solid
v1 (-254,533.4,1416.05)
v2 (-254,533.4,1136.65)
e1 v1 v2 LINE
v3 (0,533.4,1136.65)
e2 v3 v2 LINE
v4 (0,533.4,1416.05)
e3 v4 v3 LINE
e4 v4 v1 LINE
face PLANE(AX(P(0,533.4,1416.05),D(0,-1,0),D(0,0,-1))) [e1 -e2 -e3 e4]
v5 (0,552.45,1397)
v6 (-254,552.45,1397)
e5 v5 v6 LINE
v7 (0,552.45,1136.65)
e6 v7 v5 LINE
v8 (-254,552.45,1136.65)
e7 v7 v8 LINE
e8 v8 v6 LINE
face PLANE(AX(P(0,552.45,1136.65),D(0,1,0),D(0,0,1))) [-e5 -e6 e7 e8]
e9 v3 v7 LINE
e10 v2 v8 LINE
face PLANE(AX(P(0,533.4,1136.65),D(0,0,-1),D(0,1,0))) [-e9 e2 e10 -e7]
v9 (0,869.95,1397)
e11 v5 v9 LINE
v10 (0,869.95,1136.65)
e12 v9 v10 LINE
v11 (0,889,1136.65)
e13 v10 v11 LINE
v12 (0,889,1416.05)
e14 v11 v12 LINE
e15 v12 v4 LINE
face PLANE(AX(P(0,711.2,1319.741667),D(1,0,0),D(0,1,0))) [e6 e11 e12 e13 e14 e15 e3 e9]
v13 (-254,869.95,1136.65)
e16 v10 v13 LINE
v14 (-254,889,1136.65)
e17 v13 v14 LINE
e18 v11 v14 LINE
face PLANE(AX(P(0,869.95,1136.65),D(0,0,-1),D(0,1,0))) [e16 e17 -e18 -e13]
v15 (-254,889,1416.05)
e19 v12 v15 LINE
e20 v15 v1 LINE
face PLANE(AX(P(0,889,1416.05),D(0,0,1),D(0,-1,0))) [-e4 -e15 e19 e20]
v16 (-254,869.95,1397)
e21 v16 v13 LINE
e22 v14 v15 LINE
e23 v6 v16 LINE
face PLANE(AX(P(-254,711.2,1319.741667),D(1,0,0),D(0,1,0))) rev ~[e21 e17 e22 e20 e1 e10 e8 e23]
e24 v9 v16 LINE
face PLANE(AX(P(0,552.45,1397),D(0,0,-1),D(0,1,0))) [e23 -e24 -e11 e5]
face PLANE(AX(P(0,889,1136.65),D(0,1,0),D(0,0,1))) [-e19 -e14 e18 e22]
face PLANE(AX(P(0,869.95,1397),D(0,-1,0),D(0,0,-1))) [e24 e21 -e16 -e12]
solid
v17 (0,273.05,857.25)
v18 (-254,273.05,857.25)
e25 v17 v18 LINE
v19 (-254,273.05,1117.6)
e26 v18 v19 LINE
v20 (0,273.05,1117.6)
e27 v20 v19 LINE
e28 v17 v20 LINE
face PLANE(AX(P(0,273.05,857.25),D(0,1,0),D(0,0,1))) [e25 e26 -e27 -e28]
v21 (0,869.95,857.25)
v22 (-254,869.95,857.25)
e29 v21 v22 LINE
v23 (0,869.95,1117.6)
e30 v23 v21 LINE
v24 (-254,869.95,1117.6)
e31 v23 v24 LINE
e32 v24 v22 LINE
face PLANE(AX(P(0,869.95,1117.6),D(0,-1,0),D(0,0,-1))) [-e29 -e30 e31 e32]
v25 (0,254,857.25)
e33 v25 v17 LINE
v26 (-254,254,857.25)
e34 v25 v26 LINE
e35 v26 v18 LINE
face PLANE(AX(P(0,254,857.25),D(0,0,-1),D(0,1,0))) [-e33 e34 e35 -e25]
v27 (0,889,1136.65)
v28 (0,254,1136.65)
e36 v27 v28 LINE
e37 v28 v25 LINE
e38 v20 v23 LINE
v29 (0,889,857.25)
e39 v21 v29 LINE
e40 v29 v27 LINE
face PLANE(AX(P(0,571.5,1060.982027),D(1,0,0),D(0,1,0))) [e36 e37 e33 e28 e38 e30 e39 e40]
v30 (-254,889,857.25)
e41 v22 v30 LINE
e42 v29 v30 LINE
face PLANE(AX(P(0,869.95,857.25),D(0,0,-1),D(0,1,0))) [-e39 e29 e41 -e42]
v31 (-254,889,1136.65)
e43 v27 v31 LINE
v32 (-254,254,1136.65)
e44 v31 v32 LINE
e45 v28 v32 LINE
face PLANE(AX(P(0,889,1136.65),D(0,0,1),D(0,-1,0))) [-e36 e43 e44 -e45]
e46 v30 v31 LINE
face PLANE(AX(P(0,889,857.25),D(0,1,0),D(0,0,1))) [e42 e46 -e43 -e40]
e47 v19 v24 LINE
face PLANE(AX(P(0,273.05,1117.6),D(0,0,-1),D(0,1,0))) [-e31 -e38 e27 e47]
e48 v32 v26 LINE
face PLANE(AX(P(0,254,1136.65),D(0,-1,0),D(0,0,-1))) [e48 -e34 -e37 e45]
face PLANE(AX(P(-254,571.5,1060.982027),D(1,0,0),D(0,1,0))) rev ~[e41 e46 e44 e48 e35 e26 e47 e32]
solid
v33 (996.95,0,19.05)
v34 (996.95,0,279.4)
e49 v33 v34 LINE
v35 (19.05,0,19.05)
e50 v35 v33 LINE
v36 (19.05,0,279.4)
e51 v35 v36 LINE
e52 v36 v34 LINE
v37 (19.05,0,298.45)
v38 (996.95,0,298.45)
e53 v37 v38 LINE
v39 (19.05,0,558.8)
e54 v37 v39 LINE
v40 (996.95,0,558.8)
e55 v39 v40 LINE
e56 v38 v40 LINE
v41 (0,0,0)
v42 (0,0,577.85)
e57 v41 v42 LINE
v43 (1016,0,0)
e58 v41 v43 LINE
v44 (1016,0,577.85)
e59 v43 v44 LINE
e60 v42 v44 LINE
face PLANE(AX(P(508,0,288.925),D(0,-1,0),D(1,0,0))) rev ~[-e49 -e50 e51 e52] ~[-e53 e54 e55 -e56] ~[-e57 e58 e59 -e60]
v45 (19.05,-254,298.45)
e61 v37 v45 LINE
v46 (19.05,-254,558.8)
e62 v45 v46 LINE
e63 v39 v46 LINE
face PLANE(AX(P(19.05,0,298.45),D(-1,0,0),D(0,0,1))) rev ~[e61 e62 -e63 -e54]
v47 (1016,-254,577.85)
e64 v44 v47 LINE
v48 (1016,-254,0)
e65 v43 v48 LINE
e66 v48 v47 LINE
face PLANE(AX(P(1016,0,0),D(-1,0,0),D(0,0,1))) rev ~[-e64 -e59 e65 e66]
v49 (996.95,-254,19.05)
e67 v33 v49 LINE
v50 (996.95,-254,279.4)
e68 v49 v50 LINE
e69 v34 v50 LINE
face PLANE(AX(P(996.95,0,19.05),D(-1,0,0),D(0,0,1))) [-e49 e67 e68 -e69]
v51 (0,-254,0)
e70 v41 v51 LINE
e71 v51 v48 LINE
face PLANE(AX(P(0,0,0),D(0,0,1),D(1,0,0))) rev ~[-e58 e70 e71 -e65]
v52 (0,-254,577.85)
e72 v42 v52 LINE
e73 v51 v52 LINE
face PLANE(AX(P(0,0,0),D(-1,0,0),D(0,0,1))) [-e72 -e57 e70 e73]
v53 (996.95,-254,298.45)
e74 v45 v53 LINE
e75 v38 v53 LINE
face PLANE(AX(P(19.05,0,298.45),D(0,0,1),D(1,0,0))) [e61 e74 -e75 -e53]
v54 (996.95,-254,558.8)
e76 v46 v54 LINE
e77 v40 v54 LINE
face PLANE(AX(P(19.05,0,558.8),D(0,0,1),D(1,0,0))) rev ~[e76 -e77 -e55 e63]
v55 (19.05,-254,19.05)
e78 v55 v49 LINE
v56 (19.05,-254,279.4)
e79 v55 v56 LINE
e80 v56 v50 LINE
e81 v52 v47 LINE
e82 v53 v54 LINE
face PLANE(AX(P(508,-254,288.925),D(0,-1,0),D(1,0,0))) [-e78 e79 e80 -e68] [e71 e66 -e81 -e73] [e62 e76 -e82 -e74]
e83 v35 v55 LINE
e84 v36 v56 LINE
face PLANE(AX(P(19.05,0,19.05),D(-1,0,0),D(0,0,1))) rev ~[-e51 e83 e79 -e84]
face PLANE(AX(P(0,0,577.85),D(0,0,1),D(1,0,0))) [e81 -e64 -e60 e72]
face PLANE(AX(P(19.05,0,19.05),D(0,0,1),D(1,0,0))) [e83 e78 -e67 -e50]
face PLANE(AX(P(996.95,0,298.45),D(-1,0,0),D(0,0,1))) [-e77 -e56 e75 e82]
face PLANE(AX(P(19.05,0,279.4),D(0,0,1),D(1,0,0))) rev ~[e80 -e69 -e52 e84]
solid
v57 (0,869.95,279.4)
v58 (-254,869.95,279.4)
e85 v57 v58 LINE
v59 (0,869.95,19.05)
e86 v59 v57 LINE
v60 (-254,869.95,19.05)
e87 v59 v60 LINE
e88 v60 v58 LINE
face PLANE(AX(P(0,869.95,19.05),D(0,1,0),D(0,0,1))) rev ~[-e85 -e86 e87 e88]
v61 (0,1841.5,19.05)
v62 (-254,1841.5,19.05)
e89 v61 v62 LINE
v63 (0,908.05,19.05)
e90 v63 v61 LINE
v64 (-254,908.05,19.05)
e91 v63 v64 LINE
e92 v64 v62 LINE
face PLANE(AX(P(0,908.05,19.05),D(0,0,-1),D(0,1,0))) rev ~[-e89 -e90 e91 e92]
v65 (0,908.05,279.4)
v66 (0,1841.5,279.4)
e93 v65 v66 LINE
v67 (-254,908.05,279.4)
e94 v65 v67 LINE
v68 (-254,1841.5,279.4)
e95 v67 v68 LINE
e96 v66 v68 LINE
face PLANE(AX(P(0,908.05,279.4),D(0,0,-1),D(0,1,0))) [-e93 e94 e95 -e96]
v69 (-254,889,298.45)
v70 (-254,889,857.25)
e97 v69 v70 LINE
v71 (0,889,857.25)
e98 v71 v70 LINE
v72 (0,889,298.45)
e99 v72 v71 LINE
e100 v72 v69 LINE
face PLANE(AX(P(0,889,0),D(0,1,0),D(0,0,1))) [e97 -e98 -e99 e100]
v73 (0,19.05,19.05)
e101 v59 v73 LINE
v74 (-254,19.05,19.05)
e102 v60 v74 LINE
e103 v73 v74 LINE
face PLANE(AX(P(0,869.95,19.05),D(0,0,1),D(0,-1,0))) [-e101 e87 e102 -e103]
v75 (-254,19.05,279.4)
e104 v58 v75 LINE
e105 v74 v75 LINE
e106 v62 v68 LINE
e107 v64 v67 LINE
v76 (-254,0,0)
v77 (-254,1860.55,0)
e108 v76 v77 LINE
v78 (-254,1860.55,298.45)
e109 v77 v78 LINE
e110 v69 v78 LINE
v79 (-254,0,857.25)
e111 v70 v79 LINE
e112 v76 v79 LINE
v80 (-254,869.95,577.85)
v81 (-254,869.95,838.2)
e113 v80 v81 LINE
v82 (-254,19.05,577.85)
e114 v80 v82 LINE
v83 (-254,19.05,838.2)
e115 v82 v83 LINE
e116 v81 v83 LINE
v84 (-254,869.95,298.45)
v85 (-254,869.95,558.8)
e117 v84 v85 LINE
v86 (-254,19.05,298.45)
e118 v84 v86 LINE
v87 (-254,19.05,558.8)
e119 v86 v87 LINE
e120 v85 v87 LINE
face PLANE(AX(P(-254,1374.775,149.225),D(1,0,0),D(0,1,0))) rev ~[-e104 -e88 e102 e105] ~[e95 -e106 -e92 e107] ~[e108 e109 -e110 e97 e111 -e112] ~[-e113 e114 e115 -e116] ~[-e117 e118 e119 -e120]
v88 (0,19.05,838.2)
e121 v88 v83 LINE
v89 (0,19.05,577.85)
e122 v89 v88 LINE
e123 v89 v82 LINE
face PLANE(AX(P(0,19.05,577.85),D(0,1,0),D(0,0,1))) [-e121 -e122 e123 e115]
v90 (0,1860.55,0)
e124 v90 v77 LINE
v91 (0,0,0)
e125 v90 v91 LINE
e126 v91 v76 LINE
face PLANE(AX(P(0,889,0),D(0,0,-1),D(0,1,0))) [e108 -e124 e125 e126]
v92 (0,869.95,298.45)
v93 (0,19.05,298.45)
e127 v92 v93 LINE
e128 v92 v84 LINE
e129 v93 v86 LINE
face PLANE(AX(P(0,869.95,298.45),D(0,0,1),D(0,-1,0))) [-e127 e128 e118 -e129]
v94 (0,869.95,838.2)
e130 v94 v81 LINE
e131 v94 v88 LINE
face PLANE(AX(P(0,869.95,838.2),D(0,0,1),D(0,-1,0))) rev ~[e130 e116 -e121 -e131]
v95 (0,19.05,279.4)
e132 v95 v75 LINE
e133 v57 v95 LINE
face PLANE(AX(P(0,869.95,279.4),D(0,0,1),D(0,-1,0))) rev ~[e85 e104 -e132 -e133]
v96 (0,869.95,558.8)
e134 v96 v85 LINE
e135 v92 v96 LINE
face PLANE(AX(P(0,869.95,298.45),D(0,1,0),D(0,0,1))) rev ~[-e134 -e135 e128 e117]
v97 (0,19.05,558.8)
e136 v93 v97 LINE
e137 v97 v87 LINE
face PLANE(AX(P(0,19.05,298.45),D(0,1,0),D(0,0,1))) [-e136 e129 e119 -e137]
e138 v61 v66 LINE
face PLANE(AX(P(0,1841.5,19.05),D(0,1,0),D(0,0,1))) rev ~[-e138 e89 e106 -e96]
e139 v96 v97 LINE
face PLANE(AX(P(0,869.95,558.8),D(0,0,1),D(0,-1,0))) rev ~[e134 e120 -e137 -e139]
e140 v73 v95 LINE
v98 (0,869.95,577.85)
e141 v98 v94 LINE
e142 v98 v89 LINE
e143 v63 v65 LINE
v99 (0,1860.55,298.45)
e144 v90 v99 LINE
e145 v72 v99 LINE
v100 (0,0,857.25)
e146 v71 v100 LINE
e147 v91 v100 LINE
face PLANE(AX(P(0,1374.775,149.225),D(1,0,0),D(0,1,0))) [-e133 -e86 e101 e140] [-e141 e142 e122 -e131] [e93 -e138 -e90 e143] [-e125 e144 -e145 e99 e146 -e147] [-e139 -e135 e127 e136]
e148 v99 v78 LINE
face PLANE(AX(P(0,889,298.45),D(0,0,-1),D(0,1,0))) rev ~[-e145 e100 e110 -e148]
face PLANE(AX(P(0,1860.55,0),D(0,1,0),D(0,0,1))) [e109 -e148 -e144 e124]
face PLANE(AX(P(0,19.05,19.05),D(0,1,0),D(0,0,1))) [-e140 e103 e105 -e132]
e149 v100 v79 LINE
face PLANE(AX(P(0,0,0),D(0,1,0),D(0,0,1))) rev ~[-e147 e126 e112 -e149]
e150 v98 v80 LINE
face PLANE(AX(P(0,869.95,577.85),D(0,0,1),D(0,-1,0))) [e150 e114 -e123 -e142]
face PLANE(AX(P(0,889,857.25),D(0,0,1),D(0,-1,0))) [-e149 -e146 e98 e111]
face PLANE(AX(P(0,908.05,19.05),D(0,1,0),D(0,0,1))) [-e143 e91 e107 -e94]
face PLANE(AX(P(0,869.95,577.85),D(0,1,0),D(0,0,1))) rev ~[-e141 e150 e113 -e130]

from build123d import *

# Parameters (mm, degrees)
F0_W      = 1016
F0_H      = 577.85
F0_W_2    = 977.9
F0_H_2    = 260.35
F1_DEPTH  = 254
F2_W      = 889
F2_H      = 857.25
F2_W_2    = 850.9
F2_H_2    = 260.35
F3_DEPTH  = 254
F6_DEPTH  = 254
F8_DEPTH  = 254
F9_W      = 971.55
F9_H      = 298.45
F9_W_2    = 933.45
F9_H_2    = 260.35
F10_DEPTH = 254


with BuildPart() as f1:
    # F0 (on Front) → F1 (new body)
    with BuildSketch(Plane.XZ):
        with Locations((508, 288.925)):
            Rectangle(F0_W, F0_H)
        with Locations((508, 149.225)):
            Rectangle(F0_W_2, F0_H_2, mode=Mode.SUBTRACT)
        with Locations((508, 428.625)):
            Rectangle(F0_W_2, F0_H_2, mode=Mode.SUBTRACT)
    extrude(amount=F1_DEPTH)


with BuildPart() as f3:
    # F2 (on face) → F3 (new body)
    with BuildSketch(Plane(origin=(0, 0, 0), x_dir=(0, -1, 0), z_dir=(-1, 0, 0))):
        with Locations((-444.5, 428.625)):
            Rectangle(F2_W, F2_H)
        with Locations((-444.5, 149.225)):
            Rectangle(F2_W_2, F2_H_2, mode=Mode.SUBTRACT)
        with Locations((-444.5, 428.625)):
            Rectangle(F2_W_2, F2_H_2, mode=Mode.SUBTRACT)
        with Locations((-444.5, 708.025)):
            Rectangle(F2_W_2, F2_H_2, mode=Mode.SUBTRACT)
    extrude(amount=F3_DEPTH)

    # F9 (on face) → F10 (join)
    with BuildSketch(Plane.YZ):
        with Locations((1374.775, 149.225)):
            Rectangle(F9_W, F9_H)
        with Locations((1374.775, 149.225)):
            Rectangle(F9_W_2, F9_H_2, mode=Mode.SUBTRACT)
    extrude(amount=-F10_DEPTH)


with BuildPart() as f6:
    # F5 (on face) → F6 (new body)
    with BuildSketch(Plane.YZ):
        Polygon((889, 857.25), (889, 1136.65), (254, 1136.65), (254, 857.25), (273.05, 857.25), (273.05, 1117.6), (869.95, 1117.6), (869.95, 857.25), align=None)
    extrude(amount=-F6_DEPTH)


with BuildPart() as f8:
    # F7 (on face) → F8 (new body)
    with BuildSketch(Plane.YZ):
        Polygon((533.4, 1416.05), (533.4, 1136.65), (552.45, 1136.65), (552.45, 1397), (869.95, 1397), (869.95, 1136.65), (889, 1136.65), (889, 1416.05), align=None)
    extrude(amount=-F8_DEPTH)


solid = Compound([f1.part, f3.part, f6.part, f8.part])
